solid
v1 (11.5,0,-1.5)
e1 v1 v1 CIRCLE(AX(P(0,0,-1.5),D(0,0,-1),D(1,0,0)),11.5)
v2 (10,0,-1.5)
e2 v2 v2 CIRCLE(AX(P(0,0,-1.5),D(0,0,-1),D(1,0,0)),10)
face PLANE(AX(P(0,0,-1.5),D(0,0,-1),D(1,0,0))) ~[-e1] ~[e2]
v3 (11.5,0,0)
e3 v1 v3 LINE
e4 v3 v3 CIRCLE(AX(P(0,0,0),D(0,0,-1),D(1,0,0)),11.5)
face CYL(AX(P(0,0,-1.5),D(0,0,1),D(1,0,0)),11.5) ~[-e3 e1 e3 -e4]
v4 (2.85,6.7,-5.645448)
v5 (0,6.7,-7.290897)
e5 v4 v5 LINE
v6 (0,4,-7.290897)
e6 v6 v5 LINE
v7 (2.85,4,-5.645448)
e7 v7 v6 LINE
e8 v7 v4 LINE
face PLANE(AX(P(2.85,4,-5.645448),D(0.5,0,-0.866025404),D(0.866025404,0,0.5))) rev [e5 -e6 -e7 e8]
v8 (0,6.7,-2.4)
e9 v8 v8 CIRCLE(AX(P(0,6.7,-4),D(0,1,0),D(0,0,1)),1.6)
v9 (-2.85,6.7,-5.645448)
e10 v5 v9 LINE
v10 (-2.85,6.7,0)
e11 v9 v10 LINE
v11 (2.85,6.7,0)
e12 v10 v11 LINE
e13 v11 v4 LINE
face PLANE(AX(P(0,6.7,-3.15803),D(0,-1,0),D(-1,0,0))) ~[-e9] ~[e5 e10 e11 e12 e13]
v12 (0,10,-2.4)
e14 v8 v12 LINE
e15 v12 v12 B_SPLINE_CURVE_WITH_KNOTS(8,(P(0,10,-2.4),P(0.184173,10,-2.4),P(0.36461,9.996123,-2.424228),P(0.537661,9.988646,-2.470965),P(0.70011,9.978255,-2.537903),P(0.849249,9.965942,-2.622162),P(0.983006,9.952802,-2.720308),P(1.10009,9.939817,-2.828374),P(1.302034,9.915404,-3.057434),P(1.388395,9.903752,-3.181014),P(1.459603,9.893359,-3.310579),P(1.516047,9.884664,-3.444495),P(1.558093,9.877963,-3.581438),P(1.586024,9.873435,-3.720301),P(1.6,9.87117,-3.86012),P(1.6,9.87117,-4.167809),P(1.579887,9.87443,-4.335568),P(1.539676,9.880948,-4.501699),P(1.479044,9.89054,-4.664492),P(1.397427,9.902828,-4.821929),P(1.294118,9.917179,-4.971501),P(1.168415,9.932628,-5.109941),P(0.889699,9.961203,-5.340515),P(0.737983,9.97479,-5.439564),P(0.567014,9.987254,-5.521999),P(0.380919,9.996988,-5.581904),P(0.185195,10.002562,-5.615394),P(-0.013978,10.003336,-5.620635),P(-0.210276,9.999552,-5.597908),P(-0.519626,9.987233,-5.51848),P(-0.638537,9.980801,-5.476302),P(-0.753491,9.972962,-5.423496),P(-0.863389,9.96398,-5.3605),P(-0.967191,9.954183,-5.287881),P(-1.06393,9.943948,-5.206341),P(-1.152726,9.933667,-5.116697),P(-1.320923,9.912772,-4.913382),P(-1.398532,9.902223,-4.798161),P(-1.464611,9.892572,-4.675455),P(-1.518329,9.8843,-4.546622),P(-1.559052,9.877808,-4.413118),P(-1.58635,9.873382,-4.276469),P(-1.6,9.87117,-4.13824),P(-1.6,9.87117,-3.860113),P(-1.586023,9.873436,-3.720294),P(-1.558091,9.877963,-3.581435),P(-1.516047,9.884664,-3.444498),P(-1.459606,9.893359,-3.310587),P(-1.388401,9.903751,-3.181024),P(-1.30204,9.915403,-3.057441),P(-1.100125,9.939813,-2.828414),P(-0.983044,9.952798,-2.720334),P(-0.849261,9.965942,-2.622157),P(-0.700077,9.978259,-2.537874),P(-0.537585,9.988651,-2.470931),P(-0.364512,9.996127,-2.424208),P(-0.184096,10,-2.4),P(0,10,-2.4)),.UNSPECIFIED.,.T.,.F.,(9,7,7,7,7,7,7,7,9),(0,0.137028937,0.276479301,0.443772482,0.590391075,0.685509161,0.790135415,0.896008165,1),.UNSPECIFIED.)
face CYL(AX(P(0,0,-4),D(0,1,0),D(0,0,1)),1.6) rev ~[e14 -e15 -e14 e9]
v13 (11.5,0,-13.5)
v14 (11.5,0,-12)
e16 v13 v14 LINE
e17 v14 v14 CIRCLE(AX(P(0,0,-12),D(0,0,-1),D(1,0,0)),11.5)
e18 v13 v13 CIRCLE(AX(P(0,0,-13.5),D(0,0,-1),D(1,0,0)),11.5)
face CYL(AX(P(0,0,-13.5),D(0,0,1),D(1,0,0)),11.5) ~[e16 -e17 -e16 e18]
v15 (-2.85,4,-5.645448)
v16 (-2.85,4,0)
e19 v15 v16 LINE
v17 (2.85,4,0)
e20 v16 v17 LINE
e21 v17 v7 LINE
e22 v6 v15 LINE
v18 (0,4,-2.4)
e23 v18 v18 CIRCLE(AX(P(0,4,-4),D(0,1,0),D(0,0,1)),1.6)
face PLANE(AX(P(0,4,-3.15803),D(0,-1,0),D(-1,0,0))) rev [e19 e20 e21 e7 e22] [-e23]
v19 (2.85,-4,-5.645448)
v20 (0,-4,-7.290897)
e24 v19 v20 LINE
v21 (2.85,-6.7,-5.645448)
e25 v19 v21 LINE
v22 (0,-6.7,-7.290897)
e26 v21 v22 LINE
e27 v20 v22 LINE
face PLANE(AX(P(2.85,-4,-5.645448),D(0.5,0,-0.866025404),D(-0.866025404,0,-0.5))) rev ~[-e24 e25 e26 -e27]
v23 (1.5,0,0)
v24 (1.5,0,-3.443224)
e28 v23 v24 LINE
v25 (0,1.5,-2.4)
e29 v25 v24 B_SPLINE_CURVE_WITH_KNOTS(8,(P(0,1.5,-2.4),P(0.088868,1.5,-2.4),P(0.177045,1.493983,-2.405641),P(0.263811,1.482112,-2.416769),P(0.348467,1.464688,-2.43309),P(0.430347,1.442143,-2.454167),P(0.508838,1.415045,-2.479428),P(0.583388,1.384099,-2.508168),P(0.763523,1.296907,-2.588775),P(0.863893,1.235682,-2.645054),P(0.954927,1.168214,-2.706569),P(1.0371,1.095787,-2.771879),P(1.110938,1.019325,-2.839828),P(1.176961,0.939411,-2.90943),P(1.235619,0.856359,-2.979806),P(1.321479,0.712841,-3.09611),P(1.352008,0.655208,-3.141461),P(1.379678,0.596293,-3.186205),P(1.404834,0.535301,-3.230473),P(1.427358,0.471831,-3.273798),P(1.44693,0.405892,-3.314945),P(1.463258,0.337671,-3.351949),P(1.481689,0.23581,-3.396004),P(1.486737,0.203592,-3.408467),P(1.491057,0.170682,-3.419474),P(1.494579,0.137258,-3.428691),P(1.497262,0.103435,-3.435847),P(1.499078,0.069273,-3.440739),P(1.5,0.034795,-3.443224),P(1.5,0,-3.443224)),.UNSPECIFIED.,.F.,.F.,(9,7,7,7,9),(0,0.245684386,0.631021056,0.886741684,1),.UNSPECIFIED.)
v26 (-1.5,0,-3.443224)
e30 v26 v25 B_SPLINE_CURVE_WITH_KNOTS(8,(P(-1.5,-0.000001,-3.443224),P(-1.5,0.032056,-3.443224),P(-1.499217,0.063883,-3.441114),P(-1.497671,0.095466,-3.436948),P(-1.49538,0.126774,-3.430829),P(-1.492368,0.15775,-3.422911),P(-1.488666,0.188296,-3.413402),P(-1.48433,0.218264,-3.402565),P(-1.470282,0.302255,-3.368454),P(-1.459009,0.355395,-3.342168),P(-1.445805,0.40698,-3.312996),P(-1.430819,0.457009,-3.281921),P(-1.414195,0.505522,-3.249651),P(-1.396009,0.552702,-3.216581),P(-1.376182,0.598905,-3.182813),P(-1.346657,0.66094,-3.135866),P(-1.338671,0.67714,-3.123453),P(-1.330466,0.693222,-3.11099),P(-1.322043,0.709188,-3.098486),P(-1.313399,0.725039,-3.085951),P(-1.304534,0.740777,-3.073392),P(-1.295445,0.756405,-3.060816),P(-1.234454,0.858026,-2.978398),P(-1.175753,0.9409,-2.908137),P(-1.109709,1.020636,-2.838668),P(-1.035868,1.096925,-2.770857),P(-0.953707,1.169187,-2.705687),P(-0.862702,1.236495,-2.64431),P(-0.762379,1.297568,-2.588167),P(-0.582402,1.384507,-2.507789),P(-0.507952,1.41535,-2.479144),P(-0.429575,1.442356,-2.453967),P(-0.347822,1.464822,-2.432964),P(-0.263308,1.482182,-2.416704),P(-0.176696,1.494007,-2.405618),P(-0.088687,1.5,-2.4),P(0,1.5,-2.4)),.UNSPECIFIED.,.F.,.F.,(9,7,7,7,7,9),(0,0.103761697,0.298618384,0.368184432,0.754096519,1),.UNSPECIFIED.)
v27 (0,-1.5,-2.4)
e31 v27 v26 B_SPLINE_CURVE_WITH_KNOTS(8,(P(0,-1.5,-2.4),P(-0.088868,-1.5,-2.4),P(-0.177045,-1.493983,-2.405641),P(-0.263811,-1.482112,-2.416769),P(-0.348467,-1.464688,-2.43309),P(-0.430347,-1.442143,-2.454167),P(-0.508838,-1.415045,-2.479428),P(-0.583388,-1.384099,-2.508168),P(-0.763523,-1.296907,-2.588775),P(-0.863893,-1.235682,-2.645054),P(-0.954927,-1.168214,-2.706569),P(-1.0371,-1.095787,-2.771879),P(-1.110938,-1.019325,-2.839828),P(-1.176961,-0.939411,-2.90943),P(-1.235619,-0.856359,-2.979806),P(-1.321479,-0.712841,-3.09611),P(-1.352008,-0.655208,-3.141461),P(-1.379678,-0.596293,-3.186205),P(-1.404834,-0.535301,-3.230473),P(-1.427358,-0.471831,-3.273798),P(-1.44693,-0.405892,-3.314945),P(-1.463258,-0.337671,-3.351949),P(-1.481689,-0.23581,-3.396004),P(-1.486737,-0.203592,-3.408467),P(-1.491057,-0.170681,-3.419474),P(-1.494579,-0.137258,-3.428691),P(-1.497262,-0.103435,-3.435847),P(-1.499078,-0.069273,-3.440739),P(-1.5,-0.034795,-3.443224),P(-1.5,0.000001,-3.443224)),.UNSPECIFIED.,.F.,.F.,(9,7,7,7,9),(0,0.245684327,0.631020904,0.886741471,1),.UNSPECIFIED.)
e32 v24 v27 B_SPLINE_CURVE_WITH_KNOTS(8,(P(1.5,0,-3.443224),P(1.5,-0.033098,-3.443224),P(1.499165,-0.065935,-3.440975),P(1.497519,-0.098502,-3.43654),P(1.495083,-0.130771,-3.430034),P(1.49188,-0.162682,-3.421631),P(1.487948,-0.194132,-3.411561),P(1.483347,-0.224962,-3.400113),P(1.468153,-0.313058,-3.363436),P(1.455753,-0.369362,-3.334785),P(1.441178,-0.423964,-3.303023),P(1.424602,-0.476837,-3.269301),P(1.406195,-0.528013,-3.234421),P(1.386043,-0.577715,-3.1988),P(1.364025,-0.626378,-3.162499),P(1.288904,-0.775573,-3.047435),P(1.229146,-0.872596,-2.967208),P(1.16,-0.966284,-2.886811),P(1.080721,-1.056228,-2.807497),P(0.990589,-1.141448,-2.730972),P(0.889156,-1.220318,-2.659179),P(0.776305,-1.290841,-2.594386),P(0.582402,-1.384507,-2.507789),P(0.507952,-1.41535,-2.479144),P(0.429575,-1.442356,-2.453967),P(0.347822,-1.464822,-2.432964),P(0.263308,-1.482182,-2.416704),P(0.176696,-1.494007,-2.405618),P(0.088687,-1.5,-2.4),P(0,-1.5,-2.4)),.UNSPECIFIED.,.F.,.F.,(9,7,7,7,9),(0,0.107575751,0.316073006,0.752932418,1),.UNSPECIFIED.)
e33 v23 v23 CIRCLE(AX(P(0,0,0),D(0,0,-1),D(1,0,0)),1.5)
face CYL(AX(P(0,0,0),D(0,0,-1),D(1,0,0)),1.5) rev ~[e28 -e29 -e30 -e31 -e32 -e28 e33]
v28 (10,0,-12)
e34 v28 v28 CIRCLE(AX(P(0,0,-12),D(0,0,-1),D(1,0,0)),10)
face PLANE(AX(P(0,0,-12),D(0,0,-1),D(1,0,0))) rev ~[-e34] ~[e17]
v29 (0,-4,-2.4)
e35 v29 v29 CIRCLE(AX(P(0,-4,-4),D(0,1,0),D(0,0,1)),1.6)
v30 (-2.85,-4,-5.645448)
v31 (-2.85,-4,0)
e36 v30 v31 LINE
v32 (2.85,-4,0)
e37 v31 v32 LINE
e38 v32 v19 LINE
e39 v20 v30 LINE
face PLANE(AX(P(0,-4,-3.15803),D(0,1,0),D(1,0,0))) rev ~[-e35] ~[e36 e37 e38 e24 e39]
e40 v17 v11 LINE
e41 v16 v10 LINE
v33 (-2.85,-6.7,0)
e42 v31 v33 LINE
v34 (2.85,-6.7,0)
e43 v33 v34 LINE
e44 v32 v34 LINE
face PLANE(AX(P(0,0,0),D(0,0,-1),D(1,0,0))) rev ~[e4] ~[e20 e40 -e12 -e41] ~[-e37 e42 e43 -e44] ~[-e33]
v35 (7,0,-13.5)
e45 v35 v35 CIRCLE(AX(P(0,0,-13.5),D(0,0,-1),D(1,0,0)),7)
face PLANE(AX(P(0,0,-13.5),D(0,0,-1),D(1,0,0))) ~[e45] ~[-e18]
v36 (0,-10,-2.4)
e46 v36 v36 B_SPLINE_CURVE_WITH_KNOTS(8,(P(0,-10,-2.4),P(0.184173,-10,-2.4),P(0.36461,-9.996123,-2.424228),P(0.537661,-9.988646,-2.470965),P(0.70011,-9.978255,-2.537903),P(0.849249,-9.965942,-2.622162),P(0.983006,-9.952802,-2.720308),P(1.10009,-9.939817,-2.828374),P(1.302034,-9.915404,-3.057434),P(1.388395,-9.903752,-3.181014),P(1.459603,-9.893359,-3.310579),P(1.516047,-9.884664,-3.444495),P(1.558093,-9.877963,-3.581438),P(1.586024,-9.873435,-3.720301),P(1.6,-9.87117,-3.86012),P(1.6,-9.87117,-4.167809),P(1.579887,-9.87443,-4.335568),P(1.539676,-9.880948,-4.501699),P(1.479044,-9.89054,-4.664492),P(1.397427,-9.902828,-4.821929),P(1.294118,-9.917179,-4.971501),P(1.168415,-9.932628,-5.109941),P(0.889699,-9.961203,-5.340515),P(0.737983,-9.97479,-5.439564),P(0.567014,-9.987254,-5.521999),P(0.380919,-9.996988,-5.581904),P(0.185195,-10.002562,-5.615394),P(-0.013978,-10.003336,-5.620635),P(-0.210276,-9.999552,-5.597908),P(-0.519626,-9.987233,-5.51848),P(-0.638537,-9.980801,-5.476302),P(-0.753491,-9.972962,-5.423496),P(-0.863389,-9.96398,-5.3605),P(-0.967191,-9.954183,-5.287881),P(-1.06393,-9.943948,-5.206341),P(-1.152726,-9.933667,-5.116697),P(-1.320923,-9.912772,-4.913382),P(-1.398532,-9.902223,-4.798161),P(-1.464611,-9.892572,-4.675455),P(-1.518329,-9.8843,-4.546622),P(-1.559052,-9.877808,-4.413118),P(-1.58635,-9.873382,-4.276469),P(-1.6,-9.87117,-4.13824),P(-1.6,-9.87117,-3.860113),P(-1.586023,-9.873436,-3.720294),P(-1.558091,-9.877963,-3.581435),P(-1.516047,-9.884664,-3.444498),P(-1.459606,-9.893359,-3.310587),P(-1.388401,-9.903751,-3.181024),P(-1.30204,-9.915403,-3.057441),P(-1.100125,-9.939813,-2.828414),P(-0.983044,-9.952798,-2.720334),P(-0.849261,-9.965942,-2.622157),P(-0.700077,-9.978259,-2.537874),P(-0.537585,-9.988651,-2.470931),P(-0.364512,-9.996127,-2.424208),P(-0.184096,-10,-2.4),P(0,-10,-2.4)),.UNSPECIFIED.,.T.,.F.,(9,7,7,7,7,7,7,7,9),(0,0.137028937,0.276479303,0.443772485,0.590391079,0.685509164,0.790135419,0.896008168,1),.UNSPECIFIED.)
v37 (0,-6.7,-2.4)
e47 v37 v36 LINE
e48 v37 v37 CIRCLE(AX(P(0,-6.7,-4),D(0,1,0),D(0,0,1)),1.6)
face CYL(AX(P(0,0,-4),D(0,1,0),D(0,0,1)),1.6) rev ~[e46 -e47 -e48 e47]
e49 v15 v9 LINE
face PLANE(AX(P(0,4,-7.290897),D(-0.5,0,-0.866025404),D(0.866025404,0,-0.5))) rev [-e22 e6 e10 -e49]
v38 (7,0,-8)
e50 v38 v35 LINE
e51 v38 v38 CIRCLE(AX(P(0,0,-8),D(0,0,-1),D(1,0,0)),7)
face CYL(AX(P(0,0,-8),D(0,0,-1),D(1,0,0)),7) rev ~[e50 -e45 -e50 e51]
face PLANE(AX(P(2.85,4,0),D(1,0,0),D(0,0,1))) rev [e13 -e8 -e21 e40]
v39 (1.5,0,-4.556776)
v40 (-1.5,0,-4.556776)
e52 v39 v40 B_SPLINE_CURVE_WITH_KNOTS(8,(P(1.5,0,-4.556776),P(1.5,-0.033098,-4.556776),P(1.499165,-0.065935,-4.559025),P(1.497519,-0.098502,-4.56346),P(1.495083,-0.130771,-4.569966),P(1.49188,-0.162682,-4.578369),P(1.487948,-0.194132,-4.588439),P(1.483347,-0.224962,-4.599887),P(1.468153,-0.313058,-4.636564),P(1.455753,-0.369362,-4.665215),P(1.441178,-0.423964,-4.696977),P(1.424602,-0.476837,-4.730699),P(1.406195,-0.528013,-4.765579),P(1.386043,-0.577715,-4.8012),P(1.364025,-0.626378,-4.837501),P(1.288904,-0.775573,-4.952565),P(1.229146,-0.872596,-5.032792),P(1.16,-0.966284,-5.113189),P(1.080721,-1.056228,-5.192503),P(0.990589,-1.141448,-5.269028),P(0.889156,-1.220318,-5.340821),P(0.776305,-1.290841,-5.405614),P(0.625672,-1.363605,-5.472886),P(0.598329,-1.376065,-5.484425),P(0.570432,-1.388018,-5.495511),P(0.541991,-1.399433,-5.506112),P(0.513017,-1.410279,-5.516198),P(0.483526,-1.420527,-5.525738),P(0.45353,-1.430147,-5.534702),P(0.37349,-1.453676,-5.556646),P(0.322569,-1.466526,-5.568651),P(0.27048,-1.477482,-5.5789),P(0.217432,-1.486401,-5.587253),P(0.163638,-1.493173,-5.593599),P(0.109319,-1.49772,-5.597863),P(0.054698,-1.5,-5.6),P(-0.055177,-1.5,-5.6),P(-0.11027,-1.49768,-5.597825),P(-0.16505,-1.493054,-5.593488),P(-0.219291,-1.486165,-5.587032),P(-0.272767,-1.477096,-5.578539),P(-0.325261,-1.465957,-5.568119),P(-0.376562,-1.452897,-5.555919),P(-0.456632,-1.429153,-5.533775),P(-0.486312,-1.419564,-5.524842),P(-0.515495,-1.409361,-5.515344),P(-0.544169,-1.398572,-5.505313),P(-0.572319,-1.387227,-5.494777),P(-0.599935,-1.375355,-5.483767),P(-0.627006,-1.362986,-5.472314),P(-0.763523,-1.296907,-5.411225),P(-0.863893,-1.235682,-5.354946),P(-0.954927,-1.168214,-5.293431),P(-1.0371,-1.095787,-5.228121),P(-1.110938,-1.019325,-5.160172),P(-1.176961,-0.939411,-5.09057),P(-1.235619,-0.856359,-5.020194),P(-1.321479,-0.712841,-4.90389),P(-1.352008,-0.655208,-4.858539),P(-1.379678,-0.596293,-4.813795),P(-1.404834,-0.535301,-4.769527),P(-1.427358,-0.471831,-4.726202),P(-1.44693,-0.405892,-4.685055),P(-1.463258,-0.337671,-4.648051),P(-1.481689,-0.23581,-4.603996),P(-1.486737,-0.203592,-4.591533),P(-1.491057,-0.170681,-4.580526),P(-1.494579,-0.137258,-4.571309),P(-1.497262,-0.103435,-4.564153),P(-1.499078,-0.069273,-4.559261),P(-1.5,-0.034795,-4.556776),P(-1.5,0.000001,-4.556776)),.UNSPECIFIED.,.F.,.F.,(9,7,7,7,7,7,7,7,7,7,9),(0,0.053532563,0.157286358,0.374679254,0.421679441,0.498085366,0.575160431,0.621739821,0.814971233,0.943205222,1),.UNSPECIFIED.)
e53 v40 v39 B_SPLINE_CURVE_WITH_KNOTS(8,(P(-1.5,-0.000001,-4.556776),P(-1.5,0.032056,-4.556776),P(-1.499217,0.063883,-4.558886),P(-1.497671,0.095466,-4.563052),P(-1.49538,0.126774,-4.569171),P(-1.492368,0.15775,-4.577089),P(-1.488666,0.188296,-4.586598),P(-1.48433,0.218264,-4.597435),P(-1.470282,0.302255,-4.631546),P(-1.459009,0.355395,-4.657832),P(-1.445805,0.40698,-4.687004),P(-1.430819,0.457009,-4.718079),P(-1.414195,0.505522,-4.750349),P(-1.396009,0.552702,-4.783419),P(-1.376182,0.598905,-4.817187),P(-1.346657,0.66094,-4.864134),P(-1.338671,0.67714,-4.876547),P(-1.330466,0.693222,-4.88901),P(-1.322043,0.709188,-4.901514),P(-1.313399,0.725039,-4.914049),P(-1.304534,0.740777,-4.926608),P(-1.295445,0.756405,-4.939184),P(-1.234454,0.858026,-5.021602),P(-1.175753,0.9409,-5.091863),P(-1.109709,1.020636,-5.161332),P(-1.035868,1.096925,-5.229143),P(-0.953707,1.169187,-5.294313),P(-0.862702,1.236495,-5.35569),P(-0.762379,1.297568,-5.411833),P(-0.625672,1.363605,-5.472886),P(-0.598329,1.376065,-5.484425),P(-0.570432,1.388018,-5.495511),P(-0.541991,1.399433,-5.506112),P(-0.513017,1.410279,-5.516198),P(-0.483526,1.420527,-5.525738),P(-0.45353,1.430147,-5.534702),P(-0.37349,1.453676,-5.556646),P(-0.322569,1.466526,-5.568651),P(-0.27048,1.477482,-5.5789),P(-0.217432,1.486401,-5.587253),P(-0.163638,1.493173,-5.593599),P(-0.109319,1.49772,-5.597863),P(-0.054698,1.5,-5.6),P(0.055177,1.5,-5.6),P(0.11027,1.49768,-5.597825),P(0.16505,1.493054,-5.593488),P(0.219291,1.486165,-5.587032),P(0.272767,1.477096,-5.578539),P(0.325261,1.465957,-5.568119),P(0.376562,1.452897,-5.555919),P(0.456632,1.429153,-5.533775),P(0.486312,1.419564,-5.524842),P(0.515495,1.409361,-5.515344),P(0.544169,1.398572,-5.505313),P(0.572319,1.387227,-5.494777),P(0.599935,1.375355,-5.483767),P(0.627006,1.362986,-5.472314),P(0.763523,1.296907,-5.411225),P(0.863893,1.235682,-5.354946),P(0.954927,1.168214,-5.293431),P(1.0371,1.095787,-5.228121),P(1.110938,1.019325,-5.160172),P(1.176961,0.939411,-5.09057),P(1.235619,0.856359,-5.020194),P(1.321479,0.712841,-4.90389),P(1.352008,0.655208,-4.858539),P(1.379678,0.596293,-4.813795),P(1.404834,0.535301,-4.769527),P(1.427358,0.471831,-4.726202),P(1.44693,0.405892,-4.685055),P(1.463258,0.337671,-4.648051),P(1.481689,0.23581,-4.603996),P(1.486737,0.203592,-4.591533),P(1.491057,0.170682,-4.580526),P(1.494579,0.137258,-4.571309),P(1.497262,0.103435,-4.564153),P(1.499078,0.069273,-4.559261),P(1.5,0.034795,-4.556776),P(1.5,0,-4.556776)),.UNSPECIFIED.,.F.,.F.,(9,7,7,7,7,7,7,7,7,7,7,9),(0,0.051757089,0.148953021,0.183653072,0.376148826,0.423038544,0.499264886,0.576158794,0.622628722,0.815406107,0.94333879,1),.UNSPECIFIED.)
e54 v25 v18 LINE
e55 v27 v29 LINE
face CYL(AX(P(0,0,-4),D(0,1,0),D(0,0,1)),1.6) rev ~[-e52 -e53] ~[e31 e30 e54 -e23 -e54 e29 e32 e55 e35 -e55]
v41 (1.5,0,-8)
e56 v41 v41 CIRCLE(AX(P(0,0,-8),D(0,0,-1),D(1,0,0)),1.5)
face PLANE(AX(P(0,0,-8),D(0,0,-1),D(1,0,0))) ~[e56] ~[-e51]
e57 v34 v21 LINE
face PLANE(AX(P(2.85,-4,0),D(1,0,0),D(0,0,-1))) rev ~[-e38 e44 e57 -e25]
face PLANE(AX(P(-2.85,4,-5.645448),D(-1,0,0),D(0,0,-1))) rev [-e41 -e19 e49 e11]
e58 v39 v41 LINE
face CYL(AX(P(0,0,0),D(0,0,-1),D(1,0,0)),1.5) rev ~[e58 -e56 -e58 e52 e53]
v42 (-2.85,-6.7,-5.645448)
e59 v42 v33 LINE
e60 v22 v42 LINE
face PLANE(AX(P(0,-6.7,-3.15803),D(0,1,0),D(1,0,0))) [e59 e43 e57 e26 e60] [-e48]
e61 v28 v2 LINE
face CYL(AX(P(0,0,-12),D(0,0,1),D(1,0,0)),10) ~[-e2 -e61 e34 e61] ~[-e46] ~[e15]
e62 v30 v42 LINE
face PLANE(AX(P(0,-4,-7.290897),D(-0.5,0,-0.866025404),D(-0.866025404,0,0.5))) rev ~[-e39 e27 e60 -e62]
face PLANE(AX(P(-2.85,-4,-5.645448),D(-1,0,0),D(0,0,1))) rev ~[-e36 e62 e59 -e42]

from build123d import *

# Parameters (mm, degrees)
SKETCH_2_R          = 1.6
CUT_EXTRUDE_1_DEPTH = 22.136461388
CUT_EXTRUDE_START   = -4
SKETCH_2_4_R        = 1.6
CUT_EXTRUDE_2_DEPTH = 2.7


with BuildPart() as part:
    # Эскиз1 → Повернуть1 (revolve)
    with BuildSketch(Plane(origin=(0, 0, 0), x_dir=(0, 0, -1), z_dir=(1, 0, 0))):
        Polygon((0, 11.5), (0, 1.5), (8, 1.5), (8, 7), (13.5, 7), (13.5, 11.5), (12, 11.5), (12, 10), (1.5, 10), (1.5, 11.5), align=None)
    revolve(axis=Axis((0, 0, 0), (0, 0, -1)))

    # Эскиз2 → Вырез-Вытянуть1 (cut, through all)
    with BuildSketch(Plane(origin=(0, 0, 0), x_dir=(1, 0, 0), z_dir=(0, 1, 0))):
        with Locations((0, 4)):
            Circle(SKETCH_2_R)
    cut_extrude_1 = extrude(amount=-CUT_EXTRUDE_1_DEPTH, mode=Mode.SUBTRACT)

    # Эскиз2<4> → Вырез-Вытянуть2 (cut)
    with BuildSketch(Plane(origin=(0, 0, 0), x_dir=(1, 0, 0), z_dir=(0, 1, 0)).offset(CUT_EXTRUDE_START)):
        Polygon((0, 7.290896534), (-2.85, 5.645448267), (-2.85, 2.354551733), (-2.85, 0), (2.85, 0), (2.85, 2.354551733), (2.85, 5.645448267), align=None)
        with Locations((0, 4)):
            Circle(SKETCH_2_4_R, mode=Mode.SUBTRACT)
    cut_extrude_2 = extrude(amount=-CUT_EXTRUDE_2_DEPTH, mode=Mode.SUBTRACT)

    # Зеркальное отражение1: Вырез-Вытянуть1, Вырез-Вытянуть2 across plane
    add(cut_extrude_1.mirror(Plane.ZX), mode=Mode.SUBTRACT)
    add(cut_extrude_2.mirror(Plane.ZX), mode=Mode.SUBTRACT)


solid = part.part
